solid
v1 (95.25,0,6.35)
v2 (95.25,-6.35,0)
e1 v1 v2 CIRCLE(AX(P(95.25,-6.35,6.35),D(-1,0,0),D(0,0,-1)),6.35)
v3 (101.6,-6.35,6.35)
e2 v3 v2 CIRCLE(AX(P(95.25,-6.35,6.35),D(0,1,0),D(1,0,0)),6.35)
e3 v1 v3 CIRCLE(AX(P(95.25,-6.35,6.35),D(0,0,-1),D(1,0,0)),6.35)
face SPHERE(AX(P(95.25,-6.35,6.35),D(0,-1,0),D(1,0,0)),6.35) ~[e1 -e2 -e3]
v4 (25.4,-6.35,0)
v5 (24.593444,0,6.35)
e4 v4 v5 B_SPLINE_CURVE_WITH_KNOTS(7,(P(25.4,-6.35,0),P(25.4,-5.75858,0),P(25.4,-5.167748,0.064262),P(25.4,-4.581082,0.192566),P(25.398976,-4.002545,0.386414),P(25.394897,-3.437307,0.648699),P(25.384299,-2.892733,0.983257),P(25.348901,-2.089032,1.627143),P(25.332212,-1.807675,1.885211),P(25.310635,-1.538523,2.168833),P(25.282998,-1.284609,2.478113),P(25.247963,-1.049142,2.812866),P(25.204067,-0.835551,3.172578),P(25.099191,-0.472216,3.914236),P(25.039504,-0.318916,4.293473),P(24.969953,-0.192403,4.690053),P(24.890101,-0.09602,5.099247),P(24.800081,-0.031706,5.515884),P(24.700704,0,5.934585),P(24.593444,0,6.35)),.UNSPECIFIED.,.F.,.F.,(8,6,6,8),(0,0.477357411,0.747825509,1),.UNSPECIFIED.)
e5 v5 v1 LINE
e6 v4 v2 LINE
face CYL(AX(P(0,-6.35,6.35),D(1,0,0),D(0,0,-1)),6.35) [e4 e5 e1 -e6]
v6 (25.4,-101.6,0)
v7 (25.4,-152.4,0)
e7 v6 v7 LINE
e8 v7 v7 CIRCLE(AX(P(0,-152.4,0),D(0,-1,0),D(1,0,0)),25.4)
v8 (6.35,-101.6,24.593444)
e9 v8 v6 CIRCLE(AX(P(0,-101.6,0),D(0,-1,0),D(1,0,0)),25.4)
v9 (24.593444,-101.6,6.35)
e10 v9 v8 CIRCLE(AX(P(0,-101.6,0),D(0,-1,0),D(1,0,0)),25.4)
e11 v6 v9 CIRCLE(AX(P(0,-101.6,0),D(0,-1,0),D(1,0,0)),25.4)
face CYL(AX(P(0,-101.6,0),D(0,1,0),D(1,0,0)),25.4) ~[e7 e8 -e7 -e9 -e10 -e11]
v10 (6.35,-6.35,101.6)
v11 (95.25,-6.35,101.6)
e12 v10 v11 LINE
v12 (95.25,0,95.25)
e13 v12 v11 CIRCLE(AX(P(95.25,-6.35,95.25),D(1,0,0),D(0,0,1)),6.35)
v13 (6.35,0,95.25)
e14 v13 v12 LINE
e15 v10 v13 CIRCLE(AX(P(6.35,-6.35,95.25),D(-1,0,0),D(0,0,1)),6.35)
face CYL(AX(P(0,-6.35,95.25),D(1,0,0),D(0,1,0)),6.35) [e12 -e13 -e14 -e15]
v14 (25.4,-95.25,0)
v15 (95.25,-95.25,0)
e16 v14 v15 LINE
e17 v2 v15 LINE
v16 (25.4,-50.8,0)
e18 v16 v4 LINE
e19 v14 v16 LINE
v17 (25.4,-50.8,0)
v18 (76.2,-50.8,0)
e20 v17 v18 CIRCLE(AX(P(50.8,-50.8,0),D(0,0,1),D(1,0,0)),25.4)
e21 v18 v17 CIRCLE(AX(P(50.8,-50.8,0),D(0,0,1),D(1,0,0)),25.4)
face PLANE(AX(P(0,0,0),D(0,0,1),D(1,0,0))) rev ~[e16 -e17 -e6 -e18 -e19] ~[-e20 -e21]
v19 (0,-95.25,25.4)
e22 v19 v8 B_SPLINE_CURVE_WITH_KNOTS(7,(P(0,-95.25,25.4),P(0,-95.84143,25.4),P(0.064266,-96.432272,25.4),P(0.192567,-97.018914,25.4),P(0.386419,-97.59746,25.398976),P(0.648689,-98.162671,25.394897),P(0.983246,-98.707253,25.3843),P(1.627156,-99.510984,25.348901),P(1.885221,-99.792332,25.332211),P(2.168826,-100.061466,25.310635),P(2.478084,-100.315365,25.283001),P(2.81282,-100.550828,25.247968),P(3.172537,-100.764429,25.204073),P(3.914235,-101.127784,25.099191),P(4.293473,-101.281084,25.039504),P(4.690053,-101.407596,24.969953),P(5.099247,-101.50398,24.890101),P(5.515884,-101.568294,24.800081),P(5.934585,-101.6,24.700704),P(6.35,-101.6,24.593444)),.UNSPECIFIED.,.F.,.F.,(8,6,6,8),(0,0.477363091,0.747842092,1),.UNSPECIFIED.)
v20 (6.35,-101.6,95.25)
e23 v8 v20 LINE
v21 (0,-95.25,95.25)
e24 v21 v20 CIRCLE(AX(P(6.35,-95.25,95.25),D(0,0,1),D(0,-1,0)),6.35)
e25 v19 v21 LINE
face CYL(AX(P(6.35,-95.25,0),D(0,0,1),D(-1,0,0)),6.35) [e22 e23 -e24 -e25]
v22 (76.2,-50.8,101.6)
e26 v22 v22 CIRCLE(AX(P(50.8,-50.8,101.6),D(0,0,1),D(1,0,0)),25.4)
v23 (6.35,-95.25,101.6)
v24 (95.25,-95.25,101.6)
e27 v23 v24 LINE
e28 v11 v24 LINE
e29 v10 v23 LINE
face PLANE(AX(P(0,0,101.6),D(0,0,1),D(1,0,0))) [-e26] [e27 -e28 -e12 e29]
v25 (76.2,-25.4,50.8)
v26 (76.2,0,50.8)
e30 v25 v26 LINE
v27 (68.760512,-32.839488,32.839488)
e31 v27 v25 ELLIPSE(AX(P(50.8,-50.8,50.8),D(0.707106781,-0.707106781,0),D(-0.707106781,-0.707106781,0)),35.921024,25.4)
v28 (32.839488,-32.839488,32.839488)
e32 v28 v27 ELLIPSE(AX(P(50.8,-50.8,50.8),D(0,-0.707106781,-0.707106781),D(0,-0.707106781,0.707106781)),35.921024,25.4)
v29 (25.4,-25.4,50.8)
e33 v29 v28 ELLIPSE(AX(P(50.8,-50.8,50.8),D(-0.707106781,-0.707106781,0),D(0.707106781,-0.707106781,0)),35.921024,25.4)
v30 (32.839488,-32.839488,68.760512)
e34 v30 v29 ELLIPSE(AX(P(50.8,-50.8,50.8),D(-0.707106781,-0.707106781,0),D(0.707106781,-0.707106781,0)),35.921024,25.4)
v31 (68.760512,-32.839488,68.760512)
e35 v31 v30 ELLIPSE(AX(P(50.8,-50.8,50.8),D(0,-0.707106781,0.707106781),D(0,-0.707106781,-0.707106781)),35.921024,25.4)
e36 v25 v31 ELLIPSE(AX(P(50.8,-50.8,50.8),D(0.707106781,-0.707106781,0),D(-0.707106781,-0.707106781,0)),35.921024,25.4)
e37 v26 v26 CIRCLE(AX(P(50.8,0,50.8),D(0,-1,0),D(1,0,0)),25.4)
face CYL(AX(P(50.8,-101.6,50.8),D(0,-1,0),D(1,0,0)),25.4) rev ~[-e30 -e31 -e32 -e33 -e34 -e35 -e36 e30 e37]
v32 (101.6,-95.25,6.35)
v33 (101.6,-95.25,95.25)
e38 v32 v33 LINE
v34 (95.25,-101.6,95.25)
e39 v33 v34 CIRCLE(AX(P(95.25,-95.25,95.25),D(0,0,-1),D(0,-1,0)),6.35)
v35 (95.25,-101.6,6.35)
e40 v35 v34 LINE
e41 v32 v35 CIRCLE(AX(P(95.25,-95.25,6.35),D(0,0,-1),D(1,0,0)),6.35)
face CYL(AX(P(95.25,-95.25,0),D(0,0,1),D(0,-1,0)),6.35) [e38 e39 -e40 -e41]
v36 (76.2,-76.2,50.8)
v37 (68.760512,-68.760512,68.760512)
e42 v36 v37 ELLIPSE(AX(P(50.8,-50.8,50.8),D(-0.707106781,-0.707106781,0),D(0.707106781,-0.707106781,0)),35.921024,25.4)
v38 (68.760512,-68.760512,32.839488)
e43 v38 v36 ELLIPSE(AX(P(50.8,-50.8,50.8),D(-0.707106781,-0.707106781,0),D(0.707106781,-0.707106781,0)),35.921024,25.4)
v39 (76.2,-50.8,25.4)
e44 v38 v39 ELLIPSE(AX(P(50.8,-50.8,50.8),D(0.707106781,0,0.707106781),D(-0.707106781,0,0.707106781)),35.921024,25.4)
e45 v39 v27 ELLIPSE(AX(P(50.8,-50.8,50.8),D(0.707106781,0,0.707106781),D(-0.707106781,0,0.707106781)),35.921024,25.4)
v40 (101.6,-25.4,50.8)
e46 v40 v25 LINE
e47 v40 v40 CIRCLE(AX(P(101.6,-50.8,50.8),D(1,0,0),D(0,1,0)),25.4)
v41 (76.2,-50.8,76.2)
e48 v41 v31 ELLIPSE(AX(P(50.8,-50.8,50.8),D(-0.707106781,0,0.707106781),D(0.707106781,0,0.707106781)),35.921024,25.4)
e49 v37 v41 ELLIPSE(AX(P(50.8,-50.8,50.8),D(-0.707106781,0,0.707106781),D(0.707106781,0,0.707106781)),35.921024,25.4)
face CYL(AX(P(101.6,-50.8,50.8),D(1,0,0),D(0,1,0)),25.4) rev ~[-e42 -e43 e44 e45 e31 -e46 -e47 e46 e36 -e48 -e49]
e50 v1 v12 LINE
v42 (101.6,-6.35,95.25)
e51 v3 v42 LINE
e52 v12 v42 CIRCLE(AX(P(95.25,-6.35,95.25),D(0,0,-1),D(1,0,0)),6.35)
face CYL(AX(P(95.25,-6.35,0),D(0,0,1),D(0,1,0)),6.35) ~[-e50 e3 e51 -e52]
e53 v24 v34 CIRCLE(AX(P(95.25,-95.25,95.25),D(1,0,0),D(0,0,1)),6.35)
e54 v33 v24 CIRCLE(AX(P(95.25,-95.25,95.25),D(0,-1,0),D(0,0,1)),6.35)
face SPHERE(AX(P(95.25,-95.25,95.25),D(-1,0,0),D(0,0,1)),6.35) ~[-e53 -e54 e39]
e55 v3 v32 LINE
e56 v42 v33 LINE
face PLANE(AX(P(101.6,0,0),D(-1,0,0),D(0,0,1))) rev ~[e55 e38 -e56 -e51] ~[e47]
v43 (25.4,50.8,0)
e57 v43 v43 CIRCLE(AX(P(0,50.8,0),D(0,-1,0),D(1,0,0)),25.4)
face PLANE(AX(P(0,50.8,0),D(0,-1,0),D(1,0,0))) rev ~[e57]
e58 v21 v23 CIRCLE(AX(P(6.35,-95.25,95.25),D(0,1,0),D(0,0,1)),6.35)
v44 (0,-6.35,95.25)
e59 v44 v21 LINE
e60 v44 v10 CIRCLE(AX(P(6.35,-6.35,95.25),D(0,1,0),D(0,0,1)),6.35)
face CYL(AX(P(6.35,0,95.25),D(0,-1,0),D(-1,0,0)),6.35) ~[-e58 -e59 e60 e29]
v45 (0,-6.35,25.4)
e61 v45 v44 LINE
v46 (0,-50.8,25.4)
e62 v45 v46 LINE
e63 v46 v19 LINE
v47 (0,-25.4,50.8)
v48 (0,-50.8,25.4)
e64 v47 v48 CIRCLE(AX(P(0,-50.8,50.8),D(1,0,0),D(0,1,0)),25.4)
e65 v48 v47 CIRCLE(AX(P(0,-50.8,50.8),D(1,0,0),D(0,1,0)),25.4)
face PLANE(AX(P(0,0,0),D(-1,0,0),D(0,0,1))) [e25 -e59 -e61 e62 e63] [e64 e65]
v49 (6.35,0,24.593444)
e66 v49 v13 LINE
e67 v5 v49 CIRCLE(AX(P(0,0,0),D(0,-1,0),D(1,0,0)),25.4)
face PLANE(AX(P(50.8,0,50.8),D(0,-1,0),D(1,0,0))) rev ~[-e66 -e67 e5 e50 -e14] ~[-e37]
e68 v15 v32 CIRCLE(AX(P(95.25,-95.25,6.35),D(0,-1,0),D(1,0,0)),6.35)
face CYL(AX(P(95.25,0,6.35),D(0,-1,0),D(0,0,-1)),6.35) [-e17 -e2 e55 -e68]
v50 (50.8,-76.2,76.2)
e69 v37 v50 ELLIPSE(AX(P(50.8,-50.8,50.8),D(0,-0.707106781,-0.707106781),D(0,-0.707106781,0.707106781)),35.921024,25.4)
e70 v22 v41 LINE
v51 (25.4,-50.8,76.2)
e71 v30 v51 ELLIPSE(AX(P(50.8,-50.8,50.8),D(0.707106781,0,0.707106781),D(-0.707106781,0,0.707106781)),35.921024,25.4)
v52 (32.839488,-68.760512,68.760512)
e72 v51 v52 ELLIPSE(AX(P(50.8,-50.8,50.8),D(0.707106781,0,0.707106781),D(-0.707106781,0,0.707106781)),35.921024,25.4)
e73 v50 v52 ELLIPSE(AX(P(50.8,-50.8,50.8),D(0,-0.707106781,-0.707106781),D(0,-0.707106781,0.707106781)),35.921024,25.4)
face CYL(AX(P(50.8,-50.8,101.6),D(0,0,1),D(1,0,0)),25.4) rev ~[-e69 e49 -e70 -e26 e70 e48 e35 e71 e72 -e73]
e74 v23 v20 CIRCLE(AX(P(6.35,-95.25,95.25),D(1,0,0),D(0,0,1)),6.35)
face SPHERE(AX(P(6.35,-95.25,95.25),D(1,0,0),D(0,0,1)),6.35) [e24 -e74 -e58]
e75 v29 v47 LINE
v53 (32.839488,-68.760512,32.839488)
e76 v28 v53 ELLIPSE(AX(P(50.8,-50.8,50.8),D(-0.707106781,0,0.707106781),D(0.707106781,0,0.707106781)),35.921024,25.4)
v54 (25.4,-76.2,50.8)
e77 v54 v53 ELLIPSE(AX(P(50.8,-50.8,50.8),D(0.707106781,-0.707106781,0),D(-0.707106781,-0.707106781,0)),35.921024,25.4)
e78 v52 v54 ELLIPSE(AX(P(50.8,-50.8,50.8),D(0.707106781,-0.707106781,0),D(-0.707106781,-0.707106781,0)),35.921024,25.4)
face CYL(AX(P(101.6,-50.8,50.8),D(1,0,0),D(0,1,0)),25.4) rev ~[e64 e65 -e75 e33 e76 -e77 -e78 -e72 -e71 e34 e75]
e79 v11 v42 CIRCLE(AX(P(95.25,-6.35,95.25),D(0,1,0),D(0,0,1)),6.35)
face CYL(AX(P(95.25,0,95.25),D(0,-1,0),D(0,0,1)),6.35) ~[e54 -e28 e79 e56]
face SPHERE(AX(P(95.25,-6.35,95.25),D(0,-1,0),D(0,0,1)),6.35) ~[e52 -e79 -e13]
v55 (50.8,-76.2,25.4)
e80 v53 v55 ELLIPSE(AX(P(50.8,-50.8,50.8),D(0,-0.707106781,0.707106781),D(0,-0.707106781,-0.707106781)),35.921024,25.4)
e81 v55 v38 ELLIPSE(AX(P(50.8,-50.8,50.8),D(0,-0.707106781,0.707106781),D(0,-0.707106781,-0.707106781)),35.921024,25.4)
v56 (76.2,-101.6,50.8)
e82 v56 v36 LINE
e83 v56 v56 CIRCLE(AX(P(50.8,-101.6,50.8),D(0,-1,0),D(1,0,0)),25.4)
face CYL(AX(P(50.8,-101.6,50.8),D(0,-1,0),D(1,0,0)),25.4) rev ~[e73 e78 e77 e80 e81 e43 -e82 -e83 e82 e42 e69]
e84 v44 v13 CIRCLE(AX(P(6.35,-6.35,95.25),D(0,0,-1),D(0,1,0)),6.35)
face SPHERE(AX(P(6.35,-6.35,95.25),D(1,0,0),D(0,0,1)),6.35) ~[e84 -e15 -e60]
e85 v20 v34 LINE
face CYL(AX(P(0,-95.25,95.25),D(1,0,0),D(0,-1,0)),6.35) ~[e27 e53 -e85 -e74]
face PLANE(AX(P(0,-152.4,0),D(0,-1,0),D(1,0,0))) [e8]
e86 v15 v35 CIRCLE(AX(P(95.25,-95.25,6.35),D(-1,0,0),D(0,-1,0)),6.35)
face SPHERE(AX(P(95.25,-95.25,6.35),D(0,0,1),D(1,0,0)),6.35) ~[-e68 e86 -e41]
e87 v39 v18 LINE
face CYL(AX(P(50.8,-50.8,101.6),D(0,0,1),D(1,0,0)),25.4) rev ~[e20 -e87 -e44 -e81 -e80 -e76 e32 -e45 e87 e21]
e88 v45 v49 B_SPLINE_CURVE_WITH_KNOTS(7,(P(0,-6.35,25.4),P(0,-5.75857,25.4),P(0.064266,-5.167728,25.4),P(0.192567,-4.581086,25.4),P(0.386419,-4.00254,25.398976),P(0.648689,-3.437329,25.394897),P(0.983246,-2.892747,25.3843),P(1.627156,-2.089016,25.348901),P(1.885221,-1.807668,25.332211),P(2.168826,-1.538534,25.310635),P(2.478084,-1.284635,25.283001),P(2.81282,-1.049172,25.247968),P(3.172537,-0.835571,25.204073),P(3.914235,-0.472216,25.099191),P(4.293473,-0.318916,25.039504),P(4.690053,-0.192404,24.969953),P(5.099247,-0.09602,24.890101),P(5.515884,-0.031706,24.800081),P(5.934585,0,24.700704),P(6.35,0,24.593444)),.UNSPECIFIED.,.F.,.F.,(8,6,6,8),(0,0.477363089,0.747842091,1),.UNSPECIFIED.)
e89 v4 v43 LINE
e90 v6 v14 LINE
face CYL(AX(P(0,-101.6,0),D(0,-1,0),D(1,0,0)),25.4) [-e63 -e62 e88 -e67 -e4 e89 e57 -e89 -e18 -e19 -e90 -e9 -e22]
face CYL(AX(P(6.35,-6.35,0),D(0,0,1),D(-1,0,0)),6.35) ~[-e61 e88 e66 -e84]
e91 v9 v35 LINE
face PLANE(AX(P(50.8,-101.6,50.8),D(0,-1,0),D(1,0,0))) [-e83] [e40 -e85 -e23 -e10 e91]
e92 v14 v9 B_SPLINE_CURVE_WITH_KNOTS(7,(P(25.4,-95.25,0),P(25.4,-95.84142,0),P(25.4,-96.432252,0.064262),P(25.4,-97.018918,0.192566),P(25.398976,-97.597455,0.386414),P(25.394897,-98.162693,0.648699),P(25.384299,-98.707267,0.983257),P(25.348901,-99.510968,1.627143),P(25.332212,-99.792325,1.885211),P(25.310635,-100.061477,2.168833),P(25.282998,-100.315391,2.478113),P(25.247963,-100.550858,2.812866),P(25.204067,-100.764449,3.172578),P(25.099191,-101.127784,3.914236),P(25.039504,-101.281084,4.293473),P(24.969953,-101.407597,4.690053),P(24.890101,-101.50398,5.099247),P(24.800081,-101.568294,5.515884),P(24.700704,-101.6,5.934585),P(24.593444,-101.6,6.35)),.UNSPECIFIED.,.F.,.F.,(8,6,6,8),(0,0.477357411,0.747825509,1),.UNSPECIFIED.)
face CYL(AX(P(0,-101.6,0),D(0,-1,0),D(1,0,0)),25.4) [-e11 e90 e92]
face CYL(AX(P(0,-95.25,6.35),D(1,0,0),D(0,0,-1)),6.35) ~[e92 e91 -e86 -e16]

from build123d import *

# Parameters (mm, degrees)
F0_W           = 101.6
F0_H           = 101.6
F1_DEPTH       = 101.6
F2_R           = 25.4
F3_DEPTH       = 101.6
F4_R           = 25.4
F5_DEPTH       = 101.6
F6_R           = 25.4
F7_DEPTH       = 101.6
F8_R           = 6.35
F10_R          = 25.4
F11_DEPTH      = 50.8
F11_DEPTH_BACK = 152.4


with BuildPart() as f1:
    # F0 (on Front) → F1 (new body)
    with BuildSketch(Plane.XZ):
        with Locations((50.8, 50.8)):
            Rectangle(F0_W, F0_H)
    extrude(amount=F1_DEPTH)

    # F2 (on face) → F3 (cut)
    with BuildSketch(Plane.XZ.offset(101.6)):
        with Locations((50.8, 50.8)):
            Circle(F2_R)
    extrude(amount=-F3_DEPTH, mode=Mode.SUBTRACT)

    # F4 (on face) → F5 (cut)
    with BuildSketch(Plane.XY.offset(101.6)):
        with Locations((50.8, -50.8)):
            Circle(F4_R)
    extrude(amount=-F5_DEPTH, mode=Mode.SUBTRACT)

    # F6 (on face) → F7 (cut)
    with BuildSketch(Plane.YZ.offset(101.6)):
        with Locations((-50.8, 50.8)):
            Circle(F6_R)
    extrude(amount=-F7_DEPTH, mode=Mode.SUBTRACT)

    # F8
    f8_edges = [f1.edges().sort_by_distance(p)[0] for p in [
        (50.8, -101.6, 101.6),
        (101.6, -50.8, 101.6),
        (101.6, -101.6, 50.8),
        (101.6, -50.8, 0),
        (50.8, -101.6, 0),
        (50.8, 0, 101.6),
        (0, -50.8, 101.6),
        (0, -101.6, 50.8),
        (101.6, 0, 50.8),
        (0, -50.8, 0),
        (0, 0, 50.8),
        (50.8, 0, 0),
    ]]
    fillet(f8_edges, radius=F8_R)

    # F10 (on offset) → F11 (join, two sides)
    with BuildSketch(Plane.XZ.offset(101.6)) as f11_sk:
        Circle(F10_R)
    extrude(amount=F11_DEPTH)
    extrude(f11_sk.sketch, amount=-F11_DEPTH_BACK)


solid = f1.part
